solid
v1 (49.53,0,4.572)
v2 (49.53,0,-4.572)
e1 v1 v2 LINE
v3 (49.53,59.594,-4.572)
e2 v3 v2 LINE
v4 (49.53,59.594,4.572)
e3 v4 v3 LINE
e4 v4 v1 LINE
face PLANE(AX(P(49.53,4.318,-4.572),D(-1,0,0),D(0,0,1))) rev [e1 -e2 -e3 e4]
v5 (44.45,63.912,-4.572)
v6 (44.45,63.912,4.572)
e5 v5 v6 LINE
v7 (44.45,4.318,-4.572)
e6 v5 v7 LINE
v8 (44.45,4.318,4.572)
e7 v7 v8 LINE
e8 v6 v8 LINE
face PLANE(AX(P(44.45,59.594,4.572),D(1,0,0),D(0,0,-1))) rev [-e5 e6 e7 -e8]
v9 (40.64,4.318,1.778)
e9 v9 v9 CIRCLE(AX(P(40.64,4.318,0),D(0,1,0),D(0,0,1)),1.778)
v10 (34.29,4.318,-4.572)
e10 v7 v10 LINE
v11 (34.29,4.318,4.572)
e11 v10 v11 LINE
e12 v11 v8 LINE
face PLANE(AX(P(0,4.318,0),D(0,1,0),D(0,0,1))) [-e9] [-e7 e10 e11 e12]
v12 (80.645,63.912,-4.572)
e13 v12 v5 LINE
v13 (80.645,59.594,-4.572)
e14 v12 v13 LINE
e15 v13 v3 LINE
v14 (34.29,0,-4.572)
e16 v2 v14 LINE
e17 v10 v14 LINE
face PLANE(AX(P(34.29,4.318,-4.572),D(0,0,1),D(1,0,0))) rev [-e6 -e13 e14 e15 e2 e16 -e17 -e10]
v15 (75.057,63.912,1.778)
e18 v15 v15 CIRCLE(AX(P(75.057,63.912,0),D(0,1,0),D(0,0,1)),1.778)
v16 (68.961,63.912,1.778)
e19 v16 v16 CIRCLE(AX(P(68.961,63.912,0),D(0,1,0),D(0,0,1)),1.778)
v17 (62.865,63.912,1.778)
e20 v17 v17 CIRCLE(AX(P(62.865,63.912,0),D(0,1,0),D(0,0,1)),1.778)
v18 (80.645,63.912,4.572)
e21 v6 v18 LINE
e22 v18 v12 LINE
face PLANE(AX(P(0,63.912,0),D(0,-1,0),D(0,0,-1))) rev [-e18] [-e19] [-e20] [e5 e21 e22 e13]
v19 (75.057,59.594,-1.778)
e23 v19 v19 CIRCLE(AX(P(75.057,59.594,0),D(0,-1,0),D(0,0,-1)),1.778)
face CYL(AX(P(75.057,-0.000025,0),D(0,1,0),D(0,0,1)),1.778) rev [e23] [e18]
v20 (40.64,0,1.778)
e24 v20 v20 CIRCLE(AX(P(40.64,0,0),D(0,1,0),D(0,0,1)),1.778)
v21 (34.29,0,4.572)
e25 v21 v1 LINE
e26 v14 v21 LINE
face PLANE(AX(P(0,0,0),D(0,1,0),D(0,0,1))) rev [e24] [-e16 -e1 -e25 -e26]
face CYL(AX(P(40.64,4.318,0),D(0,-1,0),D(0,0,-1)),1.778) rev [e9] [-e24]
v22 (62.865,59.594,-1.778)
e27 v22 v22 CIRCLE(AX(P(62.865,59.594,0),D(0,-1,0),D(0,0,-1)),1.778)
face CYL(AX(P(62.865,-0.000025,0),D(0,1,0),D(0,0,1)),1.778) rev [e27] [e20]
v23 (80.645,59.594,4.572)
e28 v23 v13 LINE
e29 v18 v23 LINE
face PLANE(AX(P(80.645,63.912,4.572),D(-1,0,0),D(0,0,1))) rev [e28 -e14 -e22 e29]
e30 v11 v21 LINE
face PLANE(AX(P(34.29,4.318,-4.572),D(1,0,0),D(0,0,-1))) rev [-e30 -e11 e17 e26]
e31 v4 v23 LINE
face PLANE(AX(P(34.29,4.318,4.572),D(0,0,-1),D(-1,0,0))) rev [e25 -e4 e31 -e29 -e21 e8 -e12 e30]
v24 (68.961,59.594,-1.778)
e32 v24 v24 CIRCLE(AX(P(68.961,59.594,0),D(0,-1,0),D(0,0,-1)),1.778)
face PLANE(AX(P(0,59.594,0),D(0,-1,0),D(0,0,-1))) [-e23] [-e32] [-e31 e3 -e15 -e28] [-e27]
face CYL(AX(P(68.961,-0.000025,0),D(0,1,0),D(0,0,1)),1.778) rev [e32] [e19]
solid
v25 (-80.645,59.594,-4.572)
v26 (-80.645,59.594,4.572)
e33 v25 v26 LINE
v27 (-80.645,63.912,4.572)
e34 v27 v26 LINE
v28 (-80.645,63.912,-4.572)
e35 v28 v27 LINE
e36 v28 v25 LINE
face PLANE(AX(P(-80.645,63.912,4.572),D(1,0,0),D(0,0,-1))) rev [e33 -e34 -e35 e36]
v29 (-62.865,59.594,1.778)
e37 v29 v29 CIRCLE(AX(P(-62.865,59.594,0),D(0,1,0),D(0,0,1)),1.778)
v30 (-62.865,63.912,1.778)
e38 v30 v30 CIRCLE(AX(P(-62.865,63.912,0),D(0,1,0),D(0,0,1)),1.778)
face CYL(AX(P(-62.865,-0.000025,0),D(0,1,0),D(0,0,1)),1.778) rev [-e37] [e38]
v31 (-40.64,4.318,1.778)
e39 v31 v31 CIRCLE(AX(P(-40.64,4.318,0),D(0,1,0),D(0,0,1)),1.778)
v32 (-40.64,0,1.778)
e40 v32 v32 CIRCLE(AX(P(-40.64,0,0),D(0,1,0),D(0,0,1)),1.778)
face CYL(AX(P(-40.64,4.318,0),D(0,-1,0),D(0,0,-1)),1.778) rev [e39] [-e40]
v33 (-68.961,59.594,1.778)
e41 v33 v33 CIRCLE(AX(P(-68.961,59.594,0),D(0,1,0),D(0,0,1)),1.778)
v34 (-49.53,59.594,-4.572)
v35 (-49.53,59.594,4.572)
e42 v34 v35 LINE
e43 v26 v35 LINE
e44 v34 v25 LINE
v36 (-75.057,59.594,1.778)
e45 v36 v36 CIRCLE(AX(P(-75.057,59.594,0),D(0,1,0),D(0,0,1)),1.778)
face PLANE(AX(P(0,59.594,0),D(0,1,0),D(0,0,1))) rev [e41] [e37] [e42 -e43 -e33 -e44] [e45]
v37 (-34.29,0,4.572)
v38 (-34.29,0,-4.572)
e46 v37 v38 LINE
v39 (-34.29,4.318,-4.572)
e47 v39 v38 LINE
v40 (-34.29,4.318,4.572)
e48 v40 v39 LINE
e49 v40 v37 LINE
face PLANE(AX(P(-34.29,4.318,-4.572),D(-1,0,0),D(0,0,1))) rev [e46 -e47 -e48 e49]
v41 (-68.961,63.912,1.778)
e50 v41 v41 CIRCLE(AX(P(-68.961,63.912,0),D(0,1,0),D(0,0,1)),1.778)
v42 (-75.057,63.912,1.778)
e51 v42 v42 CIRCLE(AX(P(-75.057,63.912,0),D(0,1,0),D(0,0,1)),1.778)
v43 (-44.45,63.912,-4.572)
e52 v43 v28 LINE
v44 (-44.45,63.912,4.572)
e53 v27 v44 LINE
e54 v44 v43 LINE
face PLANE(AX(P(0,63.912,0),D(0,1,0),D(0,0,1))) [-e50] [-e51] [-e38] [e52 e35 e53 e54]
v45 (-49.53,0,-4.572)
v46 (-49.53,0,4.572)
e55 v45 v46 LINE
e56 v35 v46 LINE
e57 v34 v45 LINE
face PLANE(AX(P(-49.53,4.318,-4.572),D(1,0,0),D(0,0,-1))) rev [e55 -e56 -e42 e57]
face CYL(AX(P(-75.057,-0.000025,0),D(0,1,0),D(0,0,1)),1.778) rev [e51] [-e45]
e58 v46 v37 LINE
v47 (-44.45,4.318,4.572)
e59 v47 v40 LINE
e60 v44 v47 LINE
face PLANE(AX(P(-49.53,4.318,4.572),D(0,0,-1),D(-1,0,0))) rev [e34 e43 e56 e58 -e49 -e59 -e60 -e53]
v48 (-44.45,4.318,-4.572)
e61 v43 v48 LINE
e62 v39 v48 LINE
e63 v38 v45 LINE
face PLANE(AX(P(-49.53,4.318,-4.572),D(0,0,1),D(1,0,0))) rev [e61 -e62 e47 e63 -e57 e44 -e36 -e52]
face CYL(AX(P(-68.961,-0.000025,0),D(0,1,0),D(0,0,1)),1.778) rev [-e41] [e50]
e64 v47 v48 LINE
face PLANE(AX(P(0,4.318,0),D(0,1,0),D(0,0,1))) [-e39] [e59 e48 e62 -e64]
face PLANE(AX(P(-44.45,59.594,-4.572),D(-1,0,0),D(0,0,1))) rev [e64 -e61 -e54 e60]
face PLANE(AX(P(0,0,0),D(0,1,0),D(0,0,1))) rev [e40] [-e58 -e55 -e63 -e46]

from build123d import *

# Parameters (mm, degrees)
SKETCH1_W             = 15.24
SKETCH1_H             = 9.144
SKETCH1_R             = 1.778
BOSS_EXTRUDE1_DEPTH   = 4.318
BOSS_EXTRUDE1_2_DEPTH = 4.318
SKETCH2_W             = 5.08
SKETCH2_H             = 9.144
BOSS_EXTRUDE2_DEPTH   = 55.276
SKETCH3_W             = 36.195
SKETCH3_H             = 9.144
BOSS_EXTRUDE3_DEPTH   = 4.318
SKETCH4_R             = 1.778
CUT_EXTRUDE1_DEPTH    = 104.001276463
SKETCH5_R             = 1.778
CUT_EXTRUDE2_DEPTH    = 104.001276463


with BuildPart() as part:
    # Sketch1 → Boss-Extrude1 (new body)
    with BuildSketch(Plane(origin=(0, 0, 0), x_dir=(1, 0, 0), z_dir=(0, 1, 0))):
        with Locations((-41.91, 0)):
            Rectangle(SKETCH1_W, SKETCH1_H)
        with Locations(Location((-40.64, 0, 0), (0, 0, 270))):
            Circle(SKETCH1_R, mode=Mode.SUBTRACT)
    extrude(amount=BOSS_EXTRUDE1_DEPTH)



with BuildPart() as body_2:
    # Sketch1 → Boss-Extrude1 2 (new body)
    with BuildSketch(Plane(origin=(0, 0, 0), x_dir=(1, 0, 0), z_dir=(0, 1, 0))):
        with Locations((41.91, 0)):
            Rectangle(SKETCH1_W, SKETCH1_H)
        with Locations(Location((40.64, 0, 0), (0, 0, 270))):
            Circle(SKETCH1_R, mode=Mode.SUBTRACT)
    extrude(amount=BOSS_EXTRUDE1_2_DEPTH)


with BuildPart() as part_1:
    add(part.part)

    add(body_2.part)  # Boss-Extrude2 merges body 2
    # Sketch2 → Boss-Extrude2 (add)
    with BuildSketch(Plane(origin=(0, 4.318, 0), x_dir=(1, 0, 0), z_dir=(0, 1, 0))):
        with Locations((-46.99, 0)):
            Rectangle(SKETCH2_W, SKETCH2_H)
        with Locations((46.99, 0)):
            Rectangle(SKETCH2_W, SKETCH2_H)
    extrude(amount=BOSS_EXTRUDE2_DEPTH)

    # Sketch3 → Boss-Extrude3 (add)
    with BuildSketch(Plane(origin=(0, 59.594, 0), x_dir=(1, 0, 0), z_dir=(0, 1, 0))):
        with Locations((-62.5475, 0)):
            Rectangle(SKETCH3_W, SKETCH3_H)
        with Locations((62.5475, 0)):
            Rectangle(SKETCH3_W, SKETCH3_H)
    extrude(amount=BOSS_EXTRUDE3_DEPTH)

    # Sketch4 → Cut-Extrude1 (cut, through all)
    with BuildSketch(Plane(origin=(0, 63.912, 0), x_dir=(1, 0, 0), z_dir=(0, 1, 0))):
        with Locations(Location((-75.057, 0, 0), (0, 0, 270))):
            Circle(SKETCH4_R)
        with Locations(Location((75.057, 0, 0), (0, 0, 270))):
            Circle(SKETCH4_R)
    extrude(amount=-CUT_EXTRUDE1_DEPTH, mode=Mode.SUBTRACT)

    # Sketch5 → Cut-Extrude2 (cut, through all)
    with BuildSketch(Plane(origin=(0, 63.912, 0), x_dir=(1, 0, 0), z_dir=(0, 1, 0))):
        with Locations(Location((-68.961, 0, 0), (0, 0, 270))):
            Circle(SKETCH5_R)
        with Locations(Location((-62.865, 0, 0), (0, 0, 270))):
            Circle(SKETCH5_R)
        with Locations(Location((62.865, 0, 0), (0, 0, 270))):
            Circle(SKETCH5_R)
        with Locations(Location((68.961, 0, 0), (0, 0, 270))):
            Circle(SKETCH5_R)
    extrude(amount=-CUT_EXTRUDE2_DEPTH, mode=Mode.SUBTRACT)


solid = part_1.part
